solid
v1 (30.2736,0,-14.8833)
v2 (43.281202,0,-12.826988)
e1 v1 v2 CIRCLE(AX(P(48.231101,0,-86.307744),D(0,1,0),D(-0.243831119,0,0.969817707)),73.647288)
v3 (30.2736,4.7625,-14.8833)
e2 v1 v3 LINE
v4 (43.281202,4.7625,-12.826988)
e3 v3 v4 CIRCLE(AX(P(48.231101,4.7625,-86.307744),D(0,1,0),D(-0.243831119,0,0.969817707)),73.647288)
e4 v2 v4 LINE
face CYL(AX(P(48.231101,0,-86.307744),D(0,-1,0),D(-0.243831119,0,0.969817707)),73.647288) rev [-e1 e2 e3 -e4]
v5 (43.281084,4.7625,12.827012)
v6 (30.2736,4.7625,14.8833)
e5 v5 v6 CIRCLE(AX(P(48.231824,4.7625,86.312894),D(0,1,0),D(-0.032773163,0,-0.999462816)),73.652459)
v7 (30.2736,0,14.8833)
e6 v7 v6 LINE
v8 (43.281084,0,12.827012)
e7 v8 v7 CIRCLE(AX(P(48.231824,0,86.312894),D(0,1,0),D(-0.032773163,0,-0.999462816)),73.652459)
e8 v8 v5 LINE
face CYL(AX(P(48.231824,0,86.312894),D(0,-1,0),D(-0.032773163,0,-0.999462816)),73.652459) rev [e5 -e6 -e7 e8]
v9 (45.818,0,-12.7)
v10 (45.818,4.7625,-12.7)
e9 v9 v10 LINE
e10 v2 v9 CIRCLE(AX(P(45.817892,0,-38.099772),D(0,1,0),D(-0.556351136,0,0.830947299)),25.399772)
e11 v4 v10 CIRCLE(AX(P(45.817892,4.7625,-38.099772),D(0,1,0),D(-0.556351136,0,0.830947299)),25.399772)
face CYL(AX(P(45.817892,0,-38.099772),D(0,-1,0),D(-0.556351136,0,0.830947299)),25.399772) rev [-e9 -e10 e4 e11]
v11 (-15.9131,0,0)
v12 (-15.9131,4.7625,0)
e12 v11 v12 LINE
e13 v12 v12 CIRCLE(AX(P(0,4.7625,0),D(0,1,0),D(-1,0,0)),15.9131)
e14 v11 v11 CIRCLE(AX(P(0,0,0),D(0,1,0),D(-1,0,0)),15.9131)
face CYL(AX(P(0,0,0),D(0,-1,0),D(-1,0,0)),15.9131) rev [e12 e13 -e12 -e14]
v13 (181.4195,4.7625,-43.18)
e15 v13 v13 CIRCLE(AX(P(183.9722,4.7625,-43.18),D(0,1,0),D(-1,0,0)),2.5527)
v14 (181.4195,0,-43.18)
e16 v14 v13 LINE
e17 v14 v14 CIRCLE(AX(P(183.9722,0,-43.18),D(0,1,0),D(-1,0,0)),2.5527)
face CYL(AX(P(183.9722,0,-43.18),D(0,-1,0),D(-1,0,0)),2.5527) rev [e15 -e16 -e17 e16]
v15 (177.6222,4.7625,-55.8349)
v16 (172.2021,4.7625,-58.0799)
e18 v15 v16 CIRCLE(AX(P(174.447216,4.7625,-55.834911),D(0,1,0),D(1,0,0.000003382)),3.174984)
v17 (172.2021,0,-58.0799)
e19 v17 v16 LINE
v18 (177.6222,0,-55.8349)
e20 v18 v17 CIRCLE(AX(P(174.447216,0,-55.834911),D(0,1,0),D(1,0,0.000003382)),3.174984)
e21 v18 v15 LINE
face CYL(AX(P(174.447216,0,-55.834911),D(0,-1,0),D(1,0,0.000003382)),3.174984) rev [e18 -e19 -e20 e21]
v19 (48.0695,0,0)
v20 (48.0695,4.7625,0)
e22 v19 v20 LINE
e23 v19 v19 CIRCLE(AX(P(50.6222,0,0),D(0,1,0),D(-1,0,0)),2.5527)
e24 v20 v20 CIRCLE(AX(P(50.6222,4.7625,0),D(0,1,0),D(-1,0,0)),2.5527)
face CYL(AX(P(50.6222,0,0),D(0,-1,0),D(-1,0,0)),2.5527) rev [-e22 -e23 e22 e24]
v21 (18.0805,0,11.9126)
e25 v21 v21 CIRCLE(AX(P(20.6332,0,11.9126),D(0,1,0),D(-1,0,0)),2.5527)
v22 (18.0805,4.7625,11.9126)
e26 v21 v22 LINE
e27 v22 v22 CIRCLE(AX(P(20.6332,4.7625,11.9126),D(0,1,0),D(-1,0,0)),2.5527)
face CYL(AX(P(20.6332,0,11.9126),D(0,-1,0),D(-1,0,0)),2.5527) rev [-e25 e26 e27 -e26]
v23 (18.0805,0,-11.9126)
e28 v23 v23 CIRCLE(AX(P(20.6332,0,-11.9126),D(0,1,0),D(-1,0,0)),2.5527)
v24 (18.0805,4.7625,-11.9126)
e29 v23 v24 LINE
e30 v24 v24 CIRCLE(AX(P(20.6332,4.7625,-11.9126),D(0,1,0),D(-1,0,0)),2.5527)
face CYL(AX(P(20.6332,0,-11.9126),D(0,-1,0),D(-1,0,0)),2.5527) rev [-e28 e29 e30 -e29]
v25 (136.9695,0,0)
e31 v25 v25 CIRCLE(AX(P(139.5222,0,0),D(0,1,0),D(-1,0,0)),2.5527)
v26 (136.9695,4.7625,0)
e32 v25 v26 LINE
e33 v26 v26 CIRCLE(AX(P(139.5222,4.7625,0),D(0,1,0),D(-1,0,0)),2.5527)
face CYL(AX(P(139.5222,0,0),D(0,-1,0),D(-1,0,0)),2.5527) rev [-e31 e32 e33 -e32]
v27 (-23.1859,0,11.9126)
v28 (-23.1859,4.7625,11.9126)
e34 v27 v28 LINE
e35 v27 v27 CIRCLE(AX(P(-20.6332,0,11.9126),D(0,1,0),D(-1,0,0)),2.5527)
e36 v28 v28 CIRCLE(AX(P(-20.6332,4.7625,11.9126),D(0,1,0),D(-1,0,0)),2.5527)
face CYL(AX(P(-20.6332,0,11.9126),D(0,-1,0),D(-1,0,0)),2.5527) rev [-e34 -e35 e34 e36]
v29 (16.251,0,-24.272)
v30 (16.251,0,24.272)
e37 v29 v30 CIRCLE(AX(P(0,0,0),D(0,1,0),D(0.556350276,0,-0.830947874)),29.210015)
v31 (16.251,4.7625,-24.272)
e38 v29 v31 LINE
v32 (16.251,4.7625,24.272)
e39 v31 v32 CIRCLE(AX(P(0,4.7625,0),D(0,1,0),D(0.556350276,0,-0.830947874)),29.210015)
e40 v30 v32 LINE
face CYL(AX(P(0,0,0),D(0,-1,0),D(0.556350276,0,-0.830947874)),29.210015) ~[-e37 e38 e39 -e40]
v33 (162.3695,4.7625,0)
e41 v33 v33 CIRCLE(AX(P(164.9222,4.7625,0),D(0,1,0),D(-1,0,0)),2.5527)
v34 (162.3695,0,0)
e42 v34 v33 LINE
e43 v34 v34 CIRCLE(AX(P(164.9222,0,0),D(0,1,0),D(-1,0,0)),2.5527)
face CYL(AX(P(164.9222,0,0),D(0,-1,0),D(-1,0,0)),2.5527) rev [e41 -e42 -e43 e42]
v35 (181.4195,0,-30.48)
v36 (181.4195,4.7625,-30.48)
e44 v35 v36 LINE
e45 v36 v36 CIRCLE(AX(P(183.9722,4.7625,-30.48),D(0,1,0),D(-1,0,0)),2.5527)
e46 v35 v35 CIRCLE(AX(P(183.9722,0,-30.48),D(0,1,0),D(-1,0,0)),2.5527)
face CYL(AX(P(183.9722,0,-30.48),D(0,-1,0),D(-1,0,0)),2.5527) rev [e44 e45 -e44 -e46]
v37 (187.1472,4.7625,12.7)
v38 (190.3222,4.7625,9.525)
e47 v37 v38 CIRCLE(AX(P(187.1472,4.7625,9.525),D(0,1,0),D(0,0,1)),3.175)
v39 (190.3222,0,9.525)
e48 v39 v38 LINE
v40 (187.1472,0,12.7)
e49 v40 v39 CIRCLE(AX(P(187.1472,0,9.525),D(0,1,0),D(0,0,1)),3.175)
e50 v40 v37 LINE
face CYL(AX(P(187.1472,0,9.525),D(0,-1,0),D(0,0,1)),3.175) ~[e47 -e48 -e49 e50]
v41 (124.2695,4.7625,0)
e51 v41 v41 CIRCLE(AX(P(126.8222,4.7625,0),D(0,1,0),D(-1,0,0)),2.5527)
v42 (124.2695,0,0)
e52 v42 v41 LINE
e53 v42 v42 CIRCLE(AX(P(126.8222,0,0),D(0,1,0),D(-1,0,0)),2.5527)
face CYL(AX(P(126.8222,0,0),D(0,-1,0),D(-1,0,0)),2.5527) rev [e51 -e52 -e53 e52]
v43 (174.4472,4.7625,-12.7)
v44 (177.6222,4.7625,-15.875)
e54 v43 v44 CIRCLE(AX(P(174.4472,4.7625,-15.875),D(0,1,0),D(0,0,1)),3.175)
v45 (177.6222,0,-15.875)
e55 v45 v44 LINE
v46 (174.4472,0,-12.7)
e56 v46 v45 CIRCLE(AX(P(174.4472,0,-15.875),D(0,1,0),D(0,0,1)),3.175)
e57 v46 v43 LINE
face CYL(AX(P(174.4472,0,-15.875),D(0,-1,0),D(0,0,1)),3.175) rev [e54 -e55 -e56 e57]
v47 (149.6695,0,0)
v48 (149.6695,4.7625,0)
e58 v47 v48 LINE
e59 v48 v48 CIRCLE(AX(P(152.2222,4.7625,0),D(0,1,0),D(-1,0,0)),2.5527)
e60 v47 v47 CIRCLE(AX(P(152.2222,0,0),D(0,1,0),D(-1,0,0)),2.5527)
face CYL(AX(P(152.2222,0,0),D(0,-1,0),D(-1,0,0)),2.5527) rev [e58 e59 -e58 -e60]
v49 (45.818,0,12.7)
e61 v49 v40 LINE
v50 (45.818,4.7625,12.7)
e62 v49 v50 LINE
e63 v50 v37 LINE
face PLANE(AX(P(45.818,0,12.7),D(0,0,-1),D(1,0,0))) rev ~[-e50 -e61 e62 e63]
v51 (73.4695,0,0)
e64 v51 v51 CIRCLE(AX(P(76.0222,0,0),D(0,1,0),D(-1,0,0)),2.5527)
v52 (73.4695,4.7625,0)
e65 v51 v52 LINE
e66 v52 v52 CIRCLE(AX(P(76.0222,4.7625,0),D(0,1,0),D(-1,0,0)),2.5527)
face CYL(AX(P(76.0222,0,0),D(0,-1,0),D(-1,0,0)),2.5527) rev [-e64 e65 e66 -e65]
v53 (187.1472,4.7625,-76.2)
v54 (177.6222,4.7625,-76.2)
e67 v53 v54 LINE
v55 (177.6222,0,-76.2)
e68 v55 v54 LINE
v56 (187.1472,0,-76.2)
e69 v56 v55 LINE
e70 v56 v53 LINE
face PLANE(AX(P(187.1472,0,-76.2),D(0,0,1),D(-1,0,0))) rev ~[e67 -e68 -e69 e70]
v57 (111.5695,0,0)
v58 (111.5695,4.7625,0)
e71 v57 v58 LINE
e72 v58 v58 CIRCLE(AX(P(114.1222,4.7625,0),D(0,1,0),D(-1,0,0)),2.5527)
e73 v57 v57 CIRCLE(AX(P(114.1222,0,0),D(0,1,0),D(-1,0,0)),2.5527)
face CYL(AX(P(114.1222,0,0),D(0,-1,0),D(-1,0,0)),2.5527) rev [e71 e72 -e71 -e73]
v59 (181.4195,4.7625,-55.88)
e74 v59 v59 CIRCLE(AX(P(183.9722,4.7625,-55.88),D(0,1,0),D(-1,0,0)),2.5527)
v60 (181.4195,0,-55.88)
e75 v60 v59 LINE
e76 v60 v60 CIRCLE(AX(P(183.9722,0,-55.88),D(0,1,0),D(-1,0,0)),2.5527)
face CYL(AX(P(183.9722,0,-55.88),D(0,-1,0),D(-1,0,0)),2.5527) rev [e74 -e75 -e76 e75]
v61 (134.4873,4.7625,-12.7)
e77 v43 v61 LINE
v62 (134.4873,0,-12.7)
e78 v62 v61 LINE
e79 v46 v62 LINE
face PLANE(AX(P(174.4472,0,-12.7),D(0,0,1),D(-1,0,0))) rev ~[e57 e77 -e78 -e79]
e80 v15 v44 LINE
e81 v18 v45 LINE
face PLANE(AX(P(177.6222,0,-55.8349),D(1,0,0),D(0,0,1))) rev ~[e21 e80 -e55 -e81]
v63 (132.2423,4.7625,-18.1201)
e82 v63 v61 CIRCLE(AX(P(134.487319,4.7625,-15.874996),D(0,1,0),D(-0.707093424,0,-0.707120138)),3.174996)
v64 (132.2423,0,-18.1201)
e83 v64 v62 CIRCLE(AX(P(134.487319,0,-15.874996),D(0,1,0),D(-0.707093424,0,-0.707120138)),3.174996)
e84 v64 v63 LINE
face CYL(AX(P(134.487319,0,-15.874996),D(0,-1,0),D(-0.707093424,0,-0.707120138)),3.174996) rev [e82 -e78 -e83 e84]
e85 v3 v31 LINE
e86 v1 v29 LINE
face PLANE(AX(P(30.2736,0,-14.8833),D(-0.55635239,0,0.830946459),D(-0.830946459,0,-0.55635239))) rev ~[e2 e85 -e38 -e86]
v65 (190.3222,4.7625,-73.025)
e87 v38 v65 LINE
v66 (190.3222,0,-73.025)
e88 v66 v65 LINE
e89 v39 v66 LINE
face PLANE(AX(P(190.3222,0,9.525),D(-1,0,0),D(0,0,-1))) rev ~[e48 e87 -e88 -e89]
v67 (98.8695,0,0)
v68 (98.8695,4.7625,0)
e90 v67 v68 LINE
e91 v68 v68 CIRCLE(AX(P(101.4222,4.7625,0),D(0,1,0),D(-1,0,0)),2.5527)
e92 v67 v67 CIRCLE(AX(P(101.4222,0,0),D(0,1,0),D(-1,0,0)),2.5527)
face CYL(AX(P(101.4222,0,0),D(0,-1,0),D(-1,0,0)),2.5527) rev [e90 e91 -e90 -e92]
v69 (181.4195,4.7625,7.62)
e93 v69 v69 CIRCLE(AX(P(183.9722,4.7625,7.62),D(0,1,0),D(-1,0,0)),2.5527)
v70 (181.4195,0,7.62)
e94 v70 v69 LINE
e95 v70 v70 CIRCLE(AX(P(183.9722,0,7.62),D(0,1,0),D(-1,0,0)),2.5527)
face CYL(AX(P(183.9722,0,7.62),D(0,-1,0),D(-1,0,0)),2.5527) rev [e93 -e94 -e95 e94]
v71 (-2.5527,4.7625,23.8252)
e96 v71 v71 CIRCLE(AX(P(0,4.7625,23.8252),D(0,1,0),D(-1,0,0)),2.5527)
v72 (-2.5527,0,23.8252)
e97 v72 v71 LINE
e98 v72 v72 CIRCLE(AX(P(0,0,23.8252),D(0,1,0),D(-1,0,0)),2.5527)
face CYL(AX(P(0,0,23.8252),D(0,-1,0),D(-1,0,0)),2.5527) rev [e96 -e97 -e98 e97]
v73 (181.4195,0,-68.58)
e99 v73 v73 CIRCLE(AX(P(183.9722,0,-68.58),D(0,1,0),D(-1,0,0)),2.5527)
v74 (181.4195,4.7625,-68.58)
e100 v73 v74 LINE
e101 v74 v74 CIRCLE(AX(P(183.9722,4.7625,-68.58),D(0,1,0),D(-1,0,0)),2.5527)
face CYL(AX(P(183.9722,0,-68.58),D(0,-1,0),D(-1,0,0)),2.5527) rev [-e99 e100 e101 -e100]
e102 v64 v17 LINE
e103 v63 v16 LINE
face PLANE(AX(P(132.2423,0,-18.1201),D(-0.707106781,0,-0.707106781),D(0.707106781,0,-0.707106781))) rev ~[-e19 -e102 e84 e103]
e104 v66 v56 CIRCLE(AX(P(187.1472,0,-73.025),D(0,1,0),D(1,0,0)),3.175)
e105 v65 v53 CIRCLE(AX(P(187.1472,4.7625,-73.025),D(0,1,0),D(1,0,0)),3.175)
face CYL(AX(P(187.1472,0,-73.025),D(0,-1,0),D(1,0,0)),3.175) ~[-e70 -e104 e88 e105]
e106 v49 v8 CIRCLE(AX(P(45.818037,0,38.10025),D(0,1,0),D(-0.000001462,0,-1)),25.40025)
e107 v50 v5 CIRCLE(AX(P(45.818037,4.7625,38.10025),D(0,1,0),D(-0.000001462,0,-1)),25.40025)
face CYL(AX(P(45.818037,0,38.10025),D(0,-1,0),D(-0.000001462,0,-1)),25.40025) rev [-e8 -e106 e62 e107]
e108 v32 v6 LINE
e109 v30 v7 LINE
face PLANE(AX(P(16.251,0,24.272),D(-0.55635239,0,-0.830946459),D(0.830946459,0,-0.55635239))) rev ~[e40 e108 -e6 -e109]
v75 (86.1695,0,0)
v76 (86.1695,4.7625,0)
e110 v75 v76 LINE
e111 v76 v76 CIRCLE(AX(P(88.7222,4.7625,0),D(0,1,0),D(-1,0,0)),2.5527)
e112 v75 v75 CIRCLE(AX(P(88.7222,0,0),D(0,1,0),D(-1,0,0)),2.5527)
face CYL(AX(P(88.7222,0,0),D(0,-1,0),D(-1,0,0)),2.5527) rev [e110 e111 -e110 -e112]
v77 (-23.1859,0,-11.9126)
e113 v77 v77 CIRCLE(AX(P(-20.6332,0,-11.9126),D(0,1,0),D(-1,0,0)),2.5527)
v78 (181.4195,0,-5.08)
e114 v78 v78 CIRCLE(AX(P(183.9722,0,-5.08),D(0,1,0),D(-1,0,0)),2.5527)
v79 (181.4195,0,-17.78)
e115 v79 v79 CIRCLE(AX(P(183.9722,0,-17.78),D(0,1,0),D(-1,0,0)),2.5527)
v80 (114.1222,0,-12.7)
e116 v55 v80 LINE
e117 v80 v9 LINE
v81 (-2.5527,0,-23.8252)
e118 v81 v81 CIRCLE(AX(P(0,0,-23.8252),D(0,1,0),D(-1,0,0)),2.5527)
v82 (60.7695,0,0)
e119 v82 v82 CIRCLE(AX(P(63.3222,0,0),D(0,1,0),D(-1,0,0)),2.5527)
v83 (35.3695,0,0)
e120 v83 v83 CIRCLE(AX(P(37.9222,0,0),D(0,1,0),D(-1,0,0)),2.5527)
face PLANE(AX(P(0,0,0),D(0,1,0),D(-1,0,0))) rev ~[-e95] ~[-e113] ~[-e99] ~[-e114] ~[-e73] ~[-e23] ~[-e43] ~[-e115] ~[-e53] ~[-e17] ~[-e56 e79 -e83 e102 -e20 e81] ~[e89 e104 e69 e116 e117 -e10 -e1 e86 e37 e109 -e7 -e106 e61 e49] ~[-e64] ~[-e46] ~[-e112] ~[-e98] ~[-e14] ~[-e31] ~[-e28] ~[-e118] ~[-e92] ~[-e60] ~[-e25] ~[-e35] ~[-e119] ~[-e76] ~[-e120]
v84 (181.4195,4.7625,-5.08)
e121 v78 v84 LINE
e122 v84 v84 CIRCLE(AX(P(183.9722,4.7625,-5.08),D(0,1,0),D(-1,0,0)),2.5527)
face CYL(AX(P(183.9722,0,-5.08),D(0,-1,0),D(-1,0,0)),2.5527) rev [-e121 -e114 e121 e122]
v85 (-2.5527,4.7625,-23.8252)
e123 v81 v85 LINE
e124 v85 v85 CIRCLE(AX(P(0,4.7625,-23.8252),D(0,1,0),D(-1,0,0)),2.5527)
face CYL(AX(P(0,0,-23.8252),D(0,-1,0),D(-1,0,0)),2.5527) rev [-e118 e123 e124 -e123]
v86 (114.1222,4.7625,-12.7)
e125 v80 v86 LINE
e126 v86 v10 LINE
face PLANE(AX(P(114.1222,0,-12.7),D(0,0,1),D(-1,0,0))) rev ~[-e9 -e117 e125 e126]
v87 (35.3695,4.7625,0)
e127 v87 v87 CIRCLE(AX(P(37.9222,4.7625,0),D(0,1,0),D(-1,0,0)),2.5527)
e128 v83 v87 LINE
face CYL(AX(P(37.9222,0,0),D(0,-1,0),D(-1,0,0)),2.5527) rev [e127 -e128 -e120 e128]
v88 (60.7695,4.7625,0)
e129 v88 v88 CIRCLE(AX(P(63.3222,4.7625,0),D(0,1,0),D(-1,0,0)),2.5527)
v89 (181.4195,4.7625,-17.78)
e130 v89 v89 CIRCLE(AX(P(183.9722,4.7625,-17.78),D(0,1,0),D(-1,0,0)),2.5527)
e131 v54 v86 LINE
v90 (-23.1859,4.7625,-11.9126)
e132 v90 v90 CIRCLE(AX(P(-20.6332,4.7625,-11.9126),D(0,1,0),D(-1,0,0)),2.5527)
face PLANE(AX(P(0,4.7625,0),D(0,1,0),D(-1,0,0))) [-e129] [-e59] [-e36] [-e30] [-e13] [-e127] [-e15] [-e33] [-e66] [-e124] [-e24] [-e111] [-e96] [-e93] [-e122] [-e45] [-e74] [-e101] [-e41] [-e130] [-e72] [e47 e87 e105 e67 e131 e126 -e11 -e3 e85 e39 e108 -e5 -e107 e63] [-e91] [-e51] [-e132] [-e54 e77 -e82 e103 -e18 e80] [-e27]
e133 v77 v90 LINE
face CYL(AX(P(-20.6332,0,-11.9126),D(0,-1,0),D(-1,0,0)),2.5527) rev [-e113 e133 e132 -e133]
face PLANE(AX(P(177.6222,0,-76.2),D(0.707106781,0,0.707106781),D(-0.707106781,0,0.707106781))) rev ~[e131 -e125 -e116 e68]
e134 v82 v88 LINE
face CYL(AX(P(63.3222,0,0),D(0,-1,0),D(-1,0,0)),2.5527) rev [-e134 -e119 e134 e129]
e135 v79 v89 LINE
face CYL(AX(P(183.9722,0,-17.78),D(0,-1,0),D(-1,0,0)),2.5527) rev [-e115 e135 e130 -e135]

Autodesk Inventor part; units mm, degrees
ref_plane "YZ Plane" through (0, 0, 0) normal (1, 0, 0) x (0, 1, 0)
ref_plane "XZ Plane" through (0, 0, 0) normal (0, 1, 0) x (-1, 0, 0)
ref_plane "XY Plane" through (0, 0, 0) normal (0, 0, 1) x (1, 0, 0)
sketch "Sketch1" plane through (0, 0, 0) normal (0, 1, 0) x (-1, 0, 0)
  line L0 (-45.818, 12.7) -> (-187.1472, 12.7)
  arc A0 (-187.1472, 12.7) -> (-190.3222, 9.525) centre (-187.1472, 9.525) ccw
  line L1 (-190.3222, 9.525) -> (-190.3222, -73.025)
  arc A1 (-190.3222, -73.025) -> (-187.1472, -76.2) centre (-187.1472, -73.025) ccw
  line L2 (-187.1472, -76.2) -> (-177.6222, -76.2)
  line L3 (-177.6222, -76.2) -> (-114.1222, -12.7)
  line L4 (-114.1222, -12.7) -> (-45.818, -12.7)
  arc A2 (-31.6867, -16.9939) -> (-45.818, -12.7) centre (-45.818, -38.1) ccw
  line L5 (-31.6867, -16.9939) -> (-17.6641, -26.3826)
  arc A3 (-17.6641, -26.3826) -> (-17.6641, 26.3826) centre (0, 0) ccw
  line L6 (-17.6641, 26.3826) -> (-31.6867, 16.9939)
  arc A4 (-45.818, 12.7) -> (-31.6867, 16.9939) centre (-45.818, 38.1) ccw
  line L7 (-174.4472, -12.7) -> (-134.4873, -12.7)
  arc A5 (-132.2423, -18.1201) -> (-134.4873, -12.7) centre (-134.4873, -15.875) ccw
  line L8 (-132.2423, -18.1201) -> (-172.2021, -58.0799)
  arc A6 (-177.6222, -55.8349) -> (-172.2021, -58.0799) centre (-174.4472, -55.8349) ccw
  line L9 (-177.6222, -55.8349) -> (-177.6222, -15.875)
  arc A7 (-174.4472, -12.7) -> (-177.6222, -15.875) centre (-174.4472, -15.875) ccw
  circle A8 centre (-183.9722, 7.62) radius 2.5527
  circle A9 centre (-183.9722, -68.58) radius 2.5527
  circle A10 centre (-183.9722, -55.88) radius 2.5527
  circle A11 centre (-183.9722, -43.18) radius 2.5527
  circle A12 centre (-183.9722, -30.48) radius 2.5527
  circle A13 centre (-183.9722, -17.78) radius 2.5527
  circle A14 centre (-183.9722, -5.08) radius 2.5527
  circle A15 centre (0, 0) radius 12.827
  circle A16 centre (0, -23.8252) radius 2.5527
  circle A17 centre (-20.6332, -11.9126) radius 2.5527
  circle A18 centre (-20.6332, 11.9126) radius 2.5527
  circle A19 centre (0, 23.8252) radius 2.5527
  circle A20 centre (20.6332, 11.9126) radius 2.5527
  circle A21 centre (20.6332, -11.9126) radius 2.5527
  circle A22 centre (-37.9222, 0) radius 2.5527
  circle A23 centre (-50.6222, 0) radius 2.5527
  circle A24 centre (-63.3222, 0) radius 2.5527
  circle A25 centre (-76.0222, 0) radius 2.5527
  circle A26 centre (-88.7222, 0) radius 2.5527
  circle A27 centre (-101.4222, 0) radius 2.5527
  circle A28 centre (-114.1222, 0) radius 2.5527
  circle A29 centre (-126.8222, 0) radius 2.5527
  circle A30 centre (-139.5222, 0) radius 2.5527
  circle A31 centre (-152.2222, 0) radius 2.5527
  circle A32 centre (-164.9222, 0) radius 2.5527
  circle A33 centre (0, 0) radius 15.9131
  arc A34 (-16.251, -24.272) -> (-16.251, 24.272) centre (0, 0) ccw
  line L10 (-16.251, 24.272) -> (-30.2736, 14.8833)
  line L11 (-30.2736, -14.8833) -> (-16.251, -24.272)
  arc A35 (-45.818, 12.7) -> (-30.2736, 14.8833) centre (-48.2316, 86.3103) ccw
  arc A36 (-30.2736, -14.8833) -> (-45.818, -12.7) centre (-48.2316, -86.3103) ccw
  point P0 (-31.6867, -16.9939)
  point P1 (-17.6641, 26.3826)
  point P2 (-114.1222, -12.7)
  point P3 (-132.2423, -18.1201)
  point P4 (-43.2812, -12.827)
  point P5 (-16.251, 24.272)
  point P6 (-43.2812, 12.827)
  dimension "d1" = 31.8262
  dimension "d2" = 2.54
  dimension "d3" = 2.54
  dimension "d4" = 2.54
extrude "Plate1" add sketch "Sketch1" along normal blind 4.7625 contours A4 A35 L10 A34 L11 A36 A2 L4 L3 L2 A1 L1 A0 L0
equation "\"d0\" = Thickness"
equation "\"BendRadius\" = Thickness"
equation "\"BendReliefWidth\" = Thickness"
equation "\"BendReliefDepth\" = 0.5 * Thickness"
equation "\"CornerReliefSize\" = 4 * Thickness"
equation "\"MinimumRemnant\" = 2 * Thickness"
equation "\"TransitionRadius\" = BendRadius"
equation "\"JacobiRadiusSize\" = BendRadius"
equation "\"GapSize\" = Thickness"
equation "\"Thickness\" = 4.7625"
properties part number "climber-arm-brace" material "Aluminum 6061"
